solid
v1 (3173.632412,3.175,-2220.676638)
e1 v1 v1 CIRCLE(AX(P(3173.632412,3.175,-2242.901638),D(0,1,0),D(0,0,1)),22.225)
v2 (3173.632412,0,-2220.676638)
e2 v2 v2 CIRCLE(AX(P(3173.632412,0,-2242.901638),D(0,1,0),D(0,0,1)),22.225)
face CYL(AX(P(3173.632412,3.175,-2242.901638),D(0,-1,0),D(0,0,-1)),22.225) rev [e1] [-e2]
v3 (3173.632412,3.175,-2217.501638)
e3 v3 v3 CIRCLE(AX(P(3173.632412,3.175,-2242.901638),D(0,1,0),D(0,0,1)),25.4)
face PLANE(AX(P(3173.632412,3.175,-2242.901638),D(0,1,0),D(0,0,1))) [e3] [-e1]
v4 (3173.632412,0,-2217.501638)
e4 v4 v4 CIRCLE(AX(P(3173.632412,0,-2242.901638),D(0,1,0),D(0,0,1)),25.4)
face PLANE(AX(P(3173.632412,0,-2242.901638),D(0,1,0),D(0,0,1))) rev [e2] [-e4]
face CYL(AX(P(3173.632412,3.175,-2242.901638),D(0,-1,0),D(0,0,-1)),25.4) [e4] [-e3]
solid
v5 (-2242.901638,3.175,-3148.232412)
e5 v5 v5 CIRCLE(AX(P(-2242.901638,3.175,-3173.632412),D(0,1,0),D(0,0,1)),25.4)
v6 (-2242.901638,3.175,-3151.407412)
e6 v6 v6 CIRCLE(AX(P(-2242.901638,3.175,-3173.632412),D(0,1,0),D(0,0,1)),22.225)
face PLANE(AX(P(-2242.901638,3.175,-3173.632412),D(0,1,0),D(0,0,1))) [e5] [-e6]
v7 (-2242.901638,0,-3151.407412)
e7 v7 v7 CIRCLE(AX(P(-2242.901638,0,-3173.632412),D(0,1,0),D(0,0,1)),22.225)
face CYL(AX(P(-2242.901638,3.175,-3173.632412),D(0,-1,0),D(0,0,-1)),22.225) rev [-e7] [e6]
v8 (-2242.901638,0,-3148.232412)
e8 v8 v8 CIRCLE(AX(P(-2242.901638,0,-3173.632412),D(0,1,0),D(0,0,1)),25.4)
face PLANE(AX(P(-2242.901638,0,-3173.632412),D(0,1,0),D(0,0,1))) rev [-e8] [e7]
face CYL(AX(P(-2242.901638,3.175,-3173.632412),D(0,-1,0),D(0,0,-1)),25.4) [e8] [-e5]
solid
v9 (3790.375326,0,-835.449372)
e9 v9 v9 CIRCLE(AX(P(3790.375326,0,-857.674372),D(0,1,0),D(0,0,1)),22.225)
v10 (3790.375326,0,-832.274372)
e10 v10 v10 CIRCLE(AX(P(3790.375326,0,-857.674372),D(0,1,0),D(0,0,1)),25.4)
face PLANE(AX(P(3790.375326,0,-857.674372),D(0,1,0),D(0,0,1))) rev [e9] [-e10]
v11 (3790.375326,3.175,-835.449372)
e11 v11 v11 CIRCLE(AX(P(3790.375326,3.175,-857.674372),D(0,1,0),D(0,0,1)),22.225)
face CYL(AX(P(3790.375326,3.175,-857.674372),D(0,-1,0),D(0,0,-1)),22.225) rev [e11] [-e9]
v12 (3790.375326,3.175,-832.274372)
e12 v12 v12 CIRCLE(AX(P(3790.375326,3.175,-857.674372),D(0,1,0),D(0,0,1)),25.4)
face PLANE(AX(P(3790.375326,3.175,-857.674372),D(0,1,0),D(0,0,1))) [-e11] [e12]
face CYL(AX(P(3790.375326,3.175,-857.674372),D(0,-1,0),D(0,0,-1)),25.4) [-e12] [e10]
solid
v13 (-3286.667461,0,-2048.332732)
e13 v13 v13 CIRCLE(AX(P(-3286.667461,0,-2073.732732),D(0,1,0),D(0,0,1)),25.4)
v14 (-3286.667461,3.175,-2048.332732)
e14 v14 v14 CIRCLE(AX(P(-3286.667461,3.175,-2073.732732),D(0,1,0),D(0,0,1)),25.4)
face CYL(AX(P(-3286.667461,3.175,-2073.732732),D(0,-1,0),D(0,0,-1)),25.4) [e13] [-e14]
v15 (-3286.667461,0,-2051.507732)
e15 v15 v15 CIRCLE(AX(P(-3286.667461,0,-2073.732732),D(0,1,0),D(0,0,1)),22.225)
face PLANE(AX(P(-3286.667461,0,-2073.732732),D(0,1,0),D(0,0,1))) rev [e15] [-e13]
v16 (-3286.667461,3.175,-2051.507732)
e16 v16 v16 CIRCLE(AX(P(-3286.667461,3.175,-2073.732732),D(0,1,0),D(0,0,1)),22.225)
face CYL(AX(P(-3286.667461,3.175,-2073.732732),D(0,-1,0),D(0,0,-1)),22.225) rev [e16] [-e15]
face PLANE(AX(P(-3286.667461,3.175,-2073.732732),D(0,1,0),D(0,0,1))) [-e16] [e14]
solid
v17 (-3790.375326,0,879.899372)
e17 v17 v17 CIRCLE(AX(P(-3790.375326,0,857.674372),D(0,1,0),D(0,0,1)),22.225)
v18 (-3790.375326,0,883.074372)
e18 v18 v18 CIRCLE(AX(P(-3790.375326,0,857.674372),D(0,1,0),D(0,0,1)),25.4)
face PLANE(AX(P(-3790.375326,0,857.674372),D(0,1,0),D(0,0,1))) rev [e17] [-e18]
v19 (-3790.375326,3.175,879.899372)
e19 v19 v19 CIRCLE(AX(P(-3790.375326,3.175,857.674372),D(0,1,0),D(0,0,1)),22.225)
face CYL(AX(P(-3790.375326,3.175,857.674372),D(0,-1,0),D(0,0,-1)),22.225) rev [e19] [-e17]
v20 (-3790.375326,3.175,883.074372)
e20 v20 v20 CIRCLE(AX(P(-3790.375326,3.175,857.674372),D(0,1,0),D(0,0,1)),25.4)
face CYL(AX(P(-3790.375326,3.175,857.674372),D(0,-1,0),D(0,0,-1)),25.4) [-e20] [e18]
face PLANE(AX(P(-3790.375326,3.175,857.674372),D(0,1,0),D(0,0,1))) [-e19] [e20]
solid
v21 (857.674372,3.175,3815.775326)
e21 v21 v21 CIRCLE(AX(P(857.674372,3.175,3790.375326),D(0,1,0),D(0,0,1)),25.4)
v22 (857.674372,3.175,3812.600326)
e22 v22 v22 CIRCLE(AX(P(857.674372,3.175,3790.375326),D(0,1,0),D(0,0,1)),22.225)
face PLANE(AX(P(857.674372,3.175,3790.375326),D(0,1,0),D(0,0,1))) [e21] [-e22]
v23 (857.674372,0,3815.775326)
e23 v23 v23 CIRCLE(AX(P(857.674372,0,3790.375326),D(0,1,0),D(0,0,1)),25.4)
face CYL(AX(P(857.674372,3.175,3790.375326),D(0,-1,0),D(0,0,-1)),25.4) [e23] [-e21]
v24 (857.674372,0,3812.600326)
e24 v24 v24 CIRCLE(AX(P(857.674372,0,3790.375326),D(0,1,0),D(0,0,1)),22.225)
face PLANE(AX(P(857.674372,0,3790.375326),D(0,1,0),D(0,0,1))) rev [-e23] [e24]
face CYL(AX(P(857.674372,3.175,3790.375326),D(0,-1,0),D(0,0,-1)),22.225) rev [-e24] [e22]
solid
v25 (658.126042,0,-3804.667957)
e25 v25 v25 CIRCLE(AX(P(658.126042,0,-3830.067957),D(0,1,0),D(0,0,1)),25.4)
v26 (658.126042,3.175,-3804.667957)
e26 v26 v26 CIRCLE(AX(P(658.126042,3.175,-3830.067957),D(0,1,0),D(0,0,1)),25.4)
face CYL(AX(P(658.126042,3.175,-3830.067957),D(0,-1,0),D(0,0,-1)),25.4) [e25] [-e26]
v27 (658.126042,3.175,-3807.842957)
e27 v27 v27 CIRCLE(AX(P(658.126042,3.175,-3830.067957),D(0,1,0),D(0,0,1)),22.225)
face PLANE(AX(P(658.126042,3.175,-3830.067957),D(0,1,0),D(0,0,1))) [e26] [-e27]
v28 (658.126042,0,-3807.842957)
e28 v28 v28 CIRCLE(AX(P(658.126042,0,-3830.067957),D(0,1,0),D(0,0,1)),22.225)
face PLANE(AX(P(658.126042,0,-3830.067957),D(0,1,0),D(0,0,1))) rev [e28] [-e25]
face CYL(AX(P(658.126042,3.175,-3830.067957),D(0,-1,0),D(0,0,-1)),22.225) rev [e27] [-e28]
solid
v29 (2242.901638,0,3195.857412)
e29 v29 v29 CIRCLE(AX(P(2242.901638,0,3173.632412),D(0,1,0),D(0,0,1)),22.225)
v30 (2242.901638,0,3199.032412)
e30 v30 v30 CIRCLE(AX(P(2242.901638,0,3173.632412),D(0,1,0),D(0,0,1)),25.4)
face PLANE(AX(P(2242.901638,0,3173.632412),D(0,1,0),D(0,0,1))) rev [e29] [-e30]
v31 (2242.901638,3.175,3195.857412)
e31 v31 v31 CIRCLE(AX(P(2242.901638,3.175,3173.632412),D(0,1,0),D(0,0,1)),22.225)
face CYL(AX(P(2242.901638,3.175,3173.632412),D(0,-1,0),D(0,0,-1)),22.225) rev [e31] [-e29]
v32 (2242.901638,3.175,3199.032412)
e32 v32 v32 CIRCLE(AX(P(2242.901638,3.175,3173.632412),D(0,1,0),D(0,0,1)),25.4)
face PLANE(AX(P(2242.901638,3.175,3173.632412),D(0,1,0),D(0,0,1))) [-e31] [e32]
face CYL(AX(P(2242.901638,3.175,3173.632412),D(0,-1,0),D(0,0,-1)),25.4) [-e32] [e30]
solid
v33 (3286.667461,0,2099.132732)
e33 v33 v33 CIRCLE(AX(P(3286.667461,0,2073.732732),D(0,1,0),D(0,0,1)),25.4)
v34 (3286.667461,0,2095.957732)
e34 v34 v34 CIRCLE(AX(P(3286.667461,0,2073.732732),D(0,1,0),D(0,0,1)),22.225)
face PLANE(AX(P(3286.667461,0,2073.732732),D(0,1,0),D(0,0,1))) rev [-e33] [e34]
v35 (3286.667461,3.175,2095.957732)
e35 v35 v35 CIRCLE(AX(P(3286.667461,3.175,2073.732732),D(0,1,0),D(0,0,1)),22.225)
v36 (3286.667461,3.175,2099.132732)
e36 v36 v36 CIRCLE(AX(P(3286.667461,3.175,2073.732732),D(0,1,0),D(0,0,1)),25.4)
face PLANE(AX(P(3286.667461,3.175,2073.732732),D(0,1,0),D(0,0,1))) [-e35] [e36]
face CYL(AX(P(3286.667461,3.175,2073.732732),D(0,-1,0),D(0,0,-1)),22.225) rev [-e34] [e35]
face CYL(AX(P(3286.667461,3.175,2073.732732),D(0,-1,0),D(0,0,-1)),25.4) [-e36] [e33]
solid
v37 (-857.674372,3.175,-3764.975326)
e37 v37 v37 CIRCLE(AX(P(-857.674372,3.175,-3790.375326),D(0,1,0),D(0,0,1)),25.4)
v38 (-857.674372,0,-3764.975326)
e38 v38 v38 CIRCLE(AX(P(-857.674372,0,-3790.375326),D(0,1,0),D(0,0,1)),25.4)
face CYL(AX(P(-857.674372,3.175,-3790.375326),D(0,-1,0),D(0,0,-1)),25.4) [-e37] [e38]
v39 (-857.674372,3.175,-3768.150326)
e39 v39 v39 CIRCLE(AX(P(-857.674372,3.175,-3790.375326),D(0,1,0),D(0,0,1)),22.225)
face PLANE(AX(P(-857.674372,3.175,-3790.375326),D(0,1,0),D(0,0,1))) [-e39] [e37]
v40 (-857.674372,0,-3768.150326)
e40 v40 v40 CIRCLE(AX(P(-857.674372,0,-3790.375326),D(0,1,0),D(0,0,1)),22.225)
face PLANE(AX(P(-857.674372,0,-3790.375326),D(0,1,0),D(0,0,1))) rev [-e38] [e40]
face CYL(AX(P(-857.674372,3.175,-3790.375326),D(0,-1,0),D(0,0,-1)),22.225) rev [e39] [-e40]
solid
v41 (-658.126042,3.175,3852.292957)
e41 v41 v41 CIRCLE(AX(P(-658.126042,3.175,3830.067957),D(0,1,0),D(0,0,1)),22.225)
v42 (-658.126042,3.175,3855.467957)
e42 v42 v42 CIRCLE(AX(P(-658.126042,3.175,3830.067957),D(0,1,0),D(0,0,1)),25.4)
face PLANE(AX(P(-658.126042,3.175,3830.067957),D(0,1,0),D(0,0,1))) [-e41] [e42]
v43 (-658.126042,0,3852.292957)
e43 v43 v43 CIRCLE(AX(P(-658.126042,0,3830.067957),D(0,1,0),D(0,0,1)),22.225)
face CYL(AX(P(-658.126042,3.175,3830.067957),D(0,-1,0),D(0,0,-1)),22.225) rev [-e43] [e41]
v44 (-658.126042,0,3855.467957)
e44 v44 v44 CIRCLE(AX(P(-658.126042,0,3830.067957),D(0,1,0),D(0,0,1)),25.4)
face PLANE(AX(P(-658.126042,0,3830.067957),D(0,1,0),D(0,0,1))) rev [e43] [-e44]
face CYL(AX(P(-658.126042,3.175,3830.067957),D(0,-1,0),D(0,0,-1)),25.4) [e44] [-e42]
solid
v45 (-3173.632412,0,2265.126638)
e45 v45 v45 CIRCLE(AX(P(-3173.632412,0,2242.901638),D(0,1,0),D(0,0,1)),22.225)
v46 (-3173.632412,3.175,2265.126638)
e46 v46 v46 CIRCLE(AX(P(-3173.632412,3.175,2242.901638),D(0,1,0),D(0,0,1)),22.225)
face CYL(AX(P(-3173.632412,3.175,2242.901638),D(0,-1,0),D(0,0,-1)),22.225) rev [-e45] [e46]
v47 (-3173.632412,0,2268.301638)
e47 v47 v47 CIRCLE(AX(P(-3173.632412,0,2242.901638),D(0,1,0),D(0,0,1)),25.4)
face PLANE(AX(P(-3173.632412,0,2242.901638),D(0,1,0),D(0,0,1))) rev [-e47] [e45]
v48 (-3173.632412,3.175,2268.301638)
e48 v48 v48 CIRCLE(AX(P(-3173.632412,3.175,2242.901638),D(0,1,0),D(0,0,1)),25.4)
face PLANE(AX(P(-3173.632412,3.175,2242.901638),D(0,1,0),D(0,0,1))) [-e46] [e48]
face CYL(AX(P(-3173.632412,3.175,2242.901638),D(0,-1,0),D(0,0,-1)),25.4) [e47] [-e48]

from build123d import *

# Parameters (mm, degrees)
SKETCH2_R              = 25.4
SKETCH2_R_2            = 22.225
BOSS_EXTRUDE1_DEPTH    = 3.175
BOSS_EXTRUDE1_2_DEPTH  = 3.175
BOSS_EXTRUDE1_3_DEPTH  = 3.175
BOSS_EXTRUDE1_4_DEPTH  = 3.175
BOSS_EXTRUDE1_5_DEPTH  = 3.175
BOSS_EXTRUDE1_6_DEPTH  = 3.175
BOSS_EXTRUDE1_7_DEPTH  = 3.175
BOSS_EXTRUDE1_8_DEPTH  = 3.175
BOSS_EXTRUDE1_9_DEPTH  = 3.175
BOSS_EXTRUDE1_10_DEPTH = 3.175
BOSS_EXTRUDE1_11_DEPTH = 3.175
BOSS_EXTRUDE1_12_DEPTH = 3.175


with BuildPart() as part:
    # Sketch2 → Boss-Extrude1 (new body)
    with BuildSketch(Plane(origin=(0, 0, 0), x_dir=(1, 0, 0), z_dir=(0, 1, 0))):
        with Locations((-3790.37532596, -857.674371981)):
            Circle(SKETCH2_R)
        with Locations((-3790.37532596, -857.674371981)):
            Circle(SKETCH2_R_2, mode=Mode.SUBTRACT)
    extrude(amount=BOSS_EXTRUDE1_DEPTH)


with BuildPart() as body_2:
    # Sketch2 → Boss-Extrude1 2 (new body)
    with BuildSketch(Plane(origin=(0, 0, 0), x_dir=(1, 0, 0), z_dir=(0, 1, 0))):
        with Locations((-3173.632411669, -2242.901637523)):
            Circle(SKETCH2_R)
        with Locations((-3173.632411669, -2242.901637523)):
            Circle(SKETCH2_R_2, mode=Mode.SUBTRACT)
    extrude(amount=BOSS_EXTRUDE1_2_DEPTH)


with BuildPart() as body_3:
    # Sketch2 → Boss-Extrude1 3 (new body)
    with BuildSketch(Plane(origin=(0, 0, 0), x_dir=(1, 0, 0), z_dir=(0, 1, 0))):
        with Locations((-658.126041858, -3830.067956712)):
            Circle(SKETCH2_R)
        with Locations((-658.126041858, -3830.067956712)):
            Circle(SKETCH2_R_2, mode=Mode.SUBTRACT)
    extrude(amount=BOSS_EXTRUDE1_3_DEPTH)


with BuildPart() as body_4:
    # Sketch2 → Boss-Extrude1 4 (new body)
    with BuildSketch(Plane(origin=(0, 0, 0), x_dir=(1, 0, 0), z_dir=(0, 1, 0))):
        with Locations((857.674371981, -3790.37532596)):
            Circle(SKETCH2_R)
        with Locations((857.674371981, -3790.37532596)):
            Circle(SKETCH2_R_2, mode=Mode.SUBTRACT)
    extrude(amount=BOSS_EXTRUDE1_4_DEPTH)


with BuildPart() as body_5:
    # Sketch2 → Boss-Extrude1 5 (new body)
    with BuildSketch(Plane(origin=(0, 0, 0), x_dir=(1, 0, 0), z_dir=(0, 1, 0))):
        with Locations((2242.901637523, -3173.632411669)):
            Circle(SKETCH2_R)
        with Locations((2242.901637523, -3173.632411669)):
            Circle(SKETCH2_R_2, mode=Mode.SUBTRACT)
    extrude(amount=BOSS_EXTRUDE1_5_DEPTH)


with BuildPart() as body_6:
    # Sketch2 → Boss-Extrude1 6 (new body)
    with BuildSketch(Plane(origin=(0, 0, 0), x_dir=(1, 0, 0), z_dir=(0, 1, 0))):
        with Locations((3286.667460706, -2073.732731751)):
            Circle(SKETCH2_R)
        with Locations((3286.667460706, -2073.732731751)):
            Circle(SKETCH2_R_2, mode=Mode.SUBTRACT)
    extrude(amount=BOSS_EXTRUDE1_6_DEPTH)


with BuildPart() as body_7:
    # Sketch2 → Boss-Extrude1 7 (new body)
    with BuildSketch(Plane(origin=(0, 0, 0), x_dir=(1, 0, 0), z_dir=(0, 1, 0))):
        with Locations((3790.37532596, 857.674371981)):
            Circle(SKETCH2_R)
        with Locations((3790.37532596, 857.674371981)):
            Circle(SKETCH2_R_2, mode=Mode.SUBTRACT)
    extrude(amount=BOSS_EXTRUDE1_7_DEPTH)


with BuildPart() as body_8:
    # Sketch2 → Boss-Extrude1 8 (new body)
    with BuildSketch(Plane(origin=(0, 0, 0), x_dir=(1, 0, 0), z_dir=(0, 1, 0))):
        with Locations((3173.632411669, 2242.901637523)):
            Circle(SKETCH2_R)
        with Locations((3173.632411669, 2242.901637523)):
            Circle(SKETCH2_R_2, mode=Mode.SUBTRACT)
    extrude(amount=BOSS_EXTRUDE1_8_DEPTH)


with BuildPart() as body_9:
    # Sketch2 → Boss-Extrude1 9 (new body)
    with BuildSketch(Plane(origin=(0, 0, 0), x_dir=(1, 0, 0), z_dir=(0, 1, 0))):
        with Locations((658.126041858, 3830.067956712)):
            Circle(SKETCH2_R)
        with Locations((658.126041858, 3830.067956712)):
            Circle(SKETCH2_R_2, mode=Mode.SUBTRACT)
    extrude(amount=BOSS_EXTRUDE1_9_DEPTH)


with BuildPart() as body_10:
    # Sketch2 → Boss-Extrude1 10 (new body)
    with BuildSketch(Plane(origin=(0, 0, 0), x_dir=(1, 0, 0), z_dir=(0, 1, 0))):
        with Locations((-857.674371981, 3790.37532596)):
            Circle(SKETCH2_R)
        with Locations((-857.674371981, 3790.37532596)):
            Circle(SKETCH2_R_2, mode=Mode.SUBTRACT)
    extrude(amount=BOSS_EXTRUDE1_10_DEPTH)


with BuildPart() as body_11:
    # Sketch2 → Boss-Extrude1 11 (new body)
    with BuildSketch(Plane(origin=(0, 0, 0), x_dir=(1, 0, 0), z_dir=(0, 1, 0))):
        with Locations((-2242.901637523, 3173.632411669)):
            Circle(SKETCH2_R)
        with Locations((-2242.901637523, 3173.632411669)):
            Circle(SKETCH2_R_2, mode=Mode.SUBTRACT)
    extrude(amount=BOSS_EXTRUDE1_11_DEPTH)


with BuildPart() as body_12:
    # Sketch2 → Boss-Extrude1 12 (new body)
    with BuildSketch(Plane(origin=(0, 0, 0), x_dir=(1, 0, 0), z_dir=(0, 1, 0))):
        with Locations((-3286.667460706, 2073.732731751)):
            Circle(SKETCH2_R)
        with Locations((-3286.667460706, 2073.732731751)):
            Circle(SKETCH2_R_2, mode=Mode.SUBTRACT)
    extrude(amount=BOSS_EXTRUDE1_12_DEPTH)


solid = Compound([part.part, body_2.part, body_3.part, body_4.part, body_5.part, body_6.part, body_7.part, body_8.part, body_9.part, body_10.part, body_11.part, body_12.part])
